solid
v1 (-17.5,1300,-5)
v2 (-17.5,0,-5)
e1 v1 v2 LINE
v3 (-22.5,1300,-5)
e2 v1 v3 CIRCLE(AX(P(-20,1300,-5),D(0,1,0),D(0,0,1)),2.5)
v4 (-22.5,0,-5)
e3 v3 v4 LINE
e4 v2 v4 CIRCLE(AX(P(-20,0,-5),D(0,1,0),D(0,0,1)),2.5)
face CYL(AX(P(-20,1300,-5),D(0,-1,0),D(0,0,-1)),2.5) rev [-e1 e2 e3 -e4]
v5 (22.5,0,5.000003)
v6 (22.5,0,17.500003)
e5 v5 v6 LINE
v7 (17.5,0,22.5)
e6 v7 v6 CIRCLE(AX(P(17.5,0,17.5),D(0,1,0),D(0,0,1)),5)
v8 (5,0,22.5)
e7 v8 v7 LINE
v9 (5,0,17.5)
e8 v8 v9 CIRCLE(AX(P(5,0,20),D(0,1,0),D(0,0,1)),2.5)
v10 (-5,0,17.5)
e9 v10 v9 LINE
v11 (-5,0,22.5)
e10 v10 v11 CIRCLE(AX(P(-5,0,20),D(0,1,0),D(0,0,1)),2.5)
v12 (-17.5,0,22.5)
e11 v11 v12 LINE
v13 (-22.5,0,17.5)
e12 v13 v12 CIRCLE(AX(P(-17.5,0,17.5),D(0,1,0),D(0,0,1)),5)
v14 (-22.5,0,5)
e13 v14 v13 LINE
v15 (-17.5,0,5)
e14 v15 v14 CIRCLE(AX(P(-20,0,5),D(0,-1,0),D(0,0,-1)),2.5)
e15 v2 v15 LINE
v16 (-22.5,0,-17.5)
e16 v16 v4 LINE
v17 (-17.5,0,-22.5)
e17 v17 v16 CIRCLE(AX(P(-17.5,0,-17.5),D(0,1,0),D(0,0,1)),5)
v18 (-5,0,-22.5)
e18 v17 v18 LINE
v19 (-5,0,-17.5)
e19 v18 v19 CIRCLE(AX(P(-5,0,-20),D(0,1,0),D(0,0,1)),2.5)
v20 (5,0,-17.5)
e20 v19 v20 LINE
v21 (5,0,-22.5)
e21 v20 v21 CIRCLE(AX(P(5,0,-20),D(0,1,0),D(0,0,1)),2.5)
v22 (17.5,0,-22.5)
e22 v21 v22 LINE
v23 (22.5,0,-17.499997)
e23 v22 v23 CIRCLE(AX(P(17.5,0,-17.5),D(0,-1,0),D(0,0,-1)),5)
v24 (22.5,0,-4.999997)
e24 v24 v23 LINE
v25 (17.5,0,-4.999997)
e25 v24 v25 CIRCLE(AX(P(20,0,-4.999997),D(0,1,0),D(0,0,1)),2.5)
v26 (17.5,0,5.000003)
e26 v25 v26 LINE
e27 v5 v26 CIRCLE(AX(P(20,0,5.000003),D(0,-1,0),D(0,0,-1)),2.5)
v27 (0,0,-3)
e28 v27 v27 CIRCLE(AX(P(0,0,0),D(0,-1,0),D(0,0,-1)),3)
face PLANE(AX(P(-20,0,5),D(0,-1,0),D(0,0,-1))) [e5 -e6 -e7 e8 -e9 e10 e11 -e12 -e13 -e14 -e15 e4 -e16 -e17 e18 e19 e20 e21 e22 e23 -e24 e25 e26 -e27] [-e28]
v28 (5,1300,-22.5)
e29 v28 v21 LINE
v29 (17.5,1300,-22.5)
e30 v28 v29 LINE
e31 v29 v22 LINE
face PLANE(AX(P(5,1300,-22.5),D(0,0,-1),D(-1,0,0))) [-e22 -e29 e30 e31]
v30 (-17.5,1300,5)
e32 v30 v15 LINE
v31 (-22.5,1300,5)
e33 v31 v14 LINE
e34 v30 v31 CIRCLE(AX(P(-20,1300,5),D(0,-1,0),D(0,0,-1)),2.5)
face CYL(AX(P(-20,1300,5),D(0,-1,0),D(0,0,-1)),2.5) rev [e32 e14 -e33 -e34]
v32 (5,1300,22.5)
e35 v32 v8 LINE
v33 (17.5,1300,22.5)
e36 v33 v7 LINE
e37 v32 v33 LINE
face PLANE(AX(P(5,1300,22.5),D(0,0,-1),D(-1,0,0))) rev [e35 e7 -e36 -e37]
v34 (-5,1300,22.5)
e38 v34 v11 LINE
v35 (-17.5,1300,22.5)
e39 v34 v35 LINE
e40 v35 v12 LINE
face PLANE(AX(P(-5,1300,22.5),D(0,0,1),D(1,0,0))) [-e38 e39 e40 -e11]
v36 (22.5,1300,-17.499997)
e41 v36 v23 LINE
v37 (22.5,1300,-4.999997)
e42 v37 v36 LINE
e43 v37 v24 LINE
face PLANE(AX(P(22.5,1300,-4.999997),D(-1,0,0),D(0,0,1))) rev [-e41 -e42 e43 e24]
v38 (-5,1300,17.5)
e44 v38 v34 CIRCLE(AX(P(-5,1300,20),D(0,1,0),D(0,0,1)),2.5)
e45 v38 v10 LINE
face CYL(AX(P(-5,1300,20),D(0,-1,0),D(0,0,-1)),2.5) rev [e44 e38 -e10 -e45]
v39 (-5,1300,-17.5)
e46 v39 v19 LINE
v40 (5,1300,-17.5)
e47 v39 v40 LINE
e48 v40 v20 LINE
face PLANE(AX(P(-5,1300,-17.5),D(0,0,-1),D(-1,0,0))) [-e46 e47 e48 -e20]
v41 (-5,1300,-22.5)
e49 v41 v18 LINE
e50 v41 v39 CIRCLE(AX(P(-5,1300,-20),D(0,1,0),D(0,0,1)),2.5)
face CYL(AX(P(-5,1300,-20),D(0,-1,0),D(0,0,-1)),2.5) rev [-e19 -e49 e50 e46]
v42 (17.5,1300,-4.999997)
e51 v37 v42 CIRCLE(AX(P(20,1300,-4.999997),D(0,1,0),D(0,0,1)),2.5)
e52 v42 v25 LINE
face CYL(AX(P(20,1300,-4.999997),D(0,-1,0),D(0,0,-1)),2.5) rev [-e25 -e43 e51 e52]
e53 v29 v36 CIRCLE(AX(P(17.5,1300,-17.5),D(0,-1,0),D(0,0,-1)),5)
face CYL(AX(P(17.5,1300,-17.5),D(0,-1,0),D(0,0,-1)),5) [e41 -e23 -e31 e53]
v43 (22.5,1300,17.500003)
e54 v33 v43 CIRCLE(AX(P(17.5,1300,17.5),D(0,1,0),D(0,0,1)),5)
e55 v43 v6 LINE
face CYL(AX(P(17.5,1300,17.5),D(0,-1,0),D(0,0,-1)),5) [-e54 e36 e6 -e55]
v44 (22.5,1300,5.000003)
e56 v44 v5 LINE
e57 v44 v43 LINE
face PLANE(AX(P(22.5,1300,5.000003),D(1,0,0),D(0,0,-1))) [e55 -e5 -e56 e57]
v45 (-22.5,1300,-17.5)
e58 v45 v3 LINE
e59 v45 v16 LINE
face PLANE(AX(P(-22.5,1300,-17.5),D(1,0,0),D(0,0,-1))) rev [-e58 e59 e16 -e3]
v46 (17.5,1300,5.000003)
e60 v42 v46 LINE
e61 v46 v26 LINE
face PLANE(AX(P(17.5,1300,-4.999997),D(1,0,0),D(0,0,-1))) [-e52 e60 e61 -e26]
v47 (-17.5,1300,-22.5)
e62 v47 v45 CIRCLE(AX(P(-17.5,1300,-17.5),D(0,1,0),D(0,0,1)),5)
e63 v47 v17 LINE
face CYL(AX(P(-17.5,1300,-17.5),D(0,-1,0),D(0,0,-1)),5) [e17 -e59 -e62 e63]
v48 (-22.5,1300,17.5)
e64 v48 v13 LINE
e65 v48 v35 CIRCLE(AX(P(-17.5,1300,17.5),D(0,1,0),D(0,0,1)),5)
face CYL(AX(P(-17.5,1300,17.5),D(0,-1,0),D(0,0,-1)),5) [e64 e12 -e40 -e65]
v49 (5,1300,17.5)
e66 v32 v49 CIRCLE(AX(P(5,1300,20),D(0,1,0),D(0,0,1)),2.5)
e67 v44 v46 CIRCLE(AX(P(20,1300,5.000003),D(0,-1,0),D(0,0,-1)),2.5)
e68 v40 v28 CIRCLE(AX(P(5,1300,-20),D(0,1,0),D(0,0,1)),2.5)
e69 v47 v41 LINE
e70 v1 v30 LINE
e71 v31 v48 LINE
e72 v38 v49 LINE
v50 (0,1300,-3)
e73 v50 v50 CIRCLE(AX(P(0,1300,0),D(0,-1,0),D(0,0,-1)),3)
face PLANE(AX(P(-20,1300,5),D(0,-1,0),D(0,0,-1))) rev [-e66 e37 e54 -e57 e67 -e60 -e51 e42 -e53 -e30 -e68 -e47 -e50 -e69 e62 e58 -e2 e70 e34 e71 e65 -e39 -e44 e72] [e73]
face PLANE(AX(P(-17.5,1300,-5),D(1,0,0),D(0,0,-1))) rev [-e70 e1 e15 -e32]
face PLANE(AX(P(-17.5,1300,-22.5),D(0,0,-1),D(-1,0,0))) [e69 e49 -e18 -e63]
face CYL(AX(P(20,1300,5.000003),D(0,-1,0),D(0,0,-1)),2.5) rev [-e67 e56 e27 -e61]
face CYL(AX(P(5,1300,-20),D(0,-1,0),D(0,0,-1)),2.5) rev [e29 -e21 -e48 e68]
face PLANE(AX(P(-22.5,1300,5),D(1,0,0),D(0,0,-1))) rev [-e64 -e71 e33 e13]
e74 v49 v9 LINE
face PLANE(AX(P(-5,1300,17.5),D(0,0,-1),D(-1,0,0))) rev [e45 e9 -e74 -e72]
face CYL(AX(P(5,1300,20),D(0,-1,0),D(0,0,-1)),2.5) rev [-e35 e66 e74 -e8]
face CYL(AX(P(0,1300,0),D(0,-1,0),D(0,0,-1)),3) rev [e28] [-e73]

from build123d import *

# Parameters (mm, degrees)
BOSS_EXTRU_2_DEPTH      = 1300
ESQUISSE5_R             = 3
ENL_V_MAT_EXTRU_1_DEPTH = 1301.389364767


with BuildPart() as part:
    # Esquisse4 → Boss.-Extru.2 (new body)
    with BuildSketch(Plane(origin=(0, 0, 0), x_dir=(1, 0, 0), z_dir=(0, 1, 0))):
        with BuildLine():
            Line((-17.5, 22.5), (-5, 22.5))
            ThreePointArc((-5, 22.5), (-7.5, 20), (-5, 17.5))
            Line((-5, 17.5), (5, 17.5))
            ThreePointArc((5, 17.5), (7.5, 20), (5, 22.5))
            Line((5, 22.5), (17.5, 22.5))
            ThreePointArc((17.5, 22.5), (21.035534799, 21.035533013), (22.5, 17.499997475))
            Line((22.5, 17.499997475), (22.5, 4.999997475))
            ThreePointArc((22.5, 4.999997475), (20, 7.499997475), (17.5, 4.999997475))
            Line((17.5, 4.999997475), (17.5, -5.000002525))
            ThreePointArc((17.5, -5.000002525), (20, -7.500002525), (22.5, -5.000002525))
            Line((22.5, -5.000002525), (22.5, -17.500002525))
            ThreePointArc((22.5, -17.500002525), (21.035533013, -21.035534799), (17.5, -22.5))
            Line((17.5, -22.5), (5, -22.5))
            ThreePointArc((5, -22.5), (7.5, -20), (5, -17.5))
            Line((5, -17.5), (-5, -17.5))
            ThreePointArc((-5, -17.5), (-7.5, -20), (-5, -22.5))
            Line((-5, -22.5), (-17.5, -22.5))
            ThreePointArc((-17.5, -22.5), (-21.035533906, -21.035533906), (-22.5, -17.5))
            Line((-22.5, -17.5), (-22.5, -5))
            ThreePointArc((-22.5, -5), (-20, -7.5), (-17.5, -5))
            Line((-17.5, -5), (-17.5, 5))
            ThreePointArc((-17.5, 5), (-20, 7.5), (-22.5, 5))
            Line((-22.5, 5), (-22.5, 17.5))
            ThreePointArc((-22.5, 17.5), (-21.035533906, 21.035533906), (-17.5, 22.5))
        make_face()
    extrude(amount=BOSS_EXTRU_2_DEPTH)

    # Esquisse5 → Enlèv. mat.-Extru.1 (cut, through all)
    with BuildSketch(Plane.XZ):
        with Locations(Location((0, 0, 0), (0, 0, 270))):
            Circle(ESQUISSE5_R)
    extrude(amount=-ENL_V_MAT_EXTRU_1_DEPTH, mode=Mode.SUBTRACT)


solid = part.part
